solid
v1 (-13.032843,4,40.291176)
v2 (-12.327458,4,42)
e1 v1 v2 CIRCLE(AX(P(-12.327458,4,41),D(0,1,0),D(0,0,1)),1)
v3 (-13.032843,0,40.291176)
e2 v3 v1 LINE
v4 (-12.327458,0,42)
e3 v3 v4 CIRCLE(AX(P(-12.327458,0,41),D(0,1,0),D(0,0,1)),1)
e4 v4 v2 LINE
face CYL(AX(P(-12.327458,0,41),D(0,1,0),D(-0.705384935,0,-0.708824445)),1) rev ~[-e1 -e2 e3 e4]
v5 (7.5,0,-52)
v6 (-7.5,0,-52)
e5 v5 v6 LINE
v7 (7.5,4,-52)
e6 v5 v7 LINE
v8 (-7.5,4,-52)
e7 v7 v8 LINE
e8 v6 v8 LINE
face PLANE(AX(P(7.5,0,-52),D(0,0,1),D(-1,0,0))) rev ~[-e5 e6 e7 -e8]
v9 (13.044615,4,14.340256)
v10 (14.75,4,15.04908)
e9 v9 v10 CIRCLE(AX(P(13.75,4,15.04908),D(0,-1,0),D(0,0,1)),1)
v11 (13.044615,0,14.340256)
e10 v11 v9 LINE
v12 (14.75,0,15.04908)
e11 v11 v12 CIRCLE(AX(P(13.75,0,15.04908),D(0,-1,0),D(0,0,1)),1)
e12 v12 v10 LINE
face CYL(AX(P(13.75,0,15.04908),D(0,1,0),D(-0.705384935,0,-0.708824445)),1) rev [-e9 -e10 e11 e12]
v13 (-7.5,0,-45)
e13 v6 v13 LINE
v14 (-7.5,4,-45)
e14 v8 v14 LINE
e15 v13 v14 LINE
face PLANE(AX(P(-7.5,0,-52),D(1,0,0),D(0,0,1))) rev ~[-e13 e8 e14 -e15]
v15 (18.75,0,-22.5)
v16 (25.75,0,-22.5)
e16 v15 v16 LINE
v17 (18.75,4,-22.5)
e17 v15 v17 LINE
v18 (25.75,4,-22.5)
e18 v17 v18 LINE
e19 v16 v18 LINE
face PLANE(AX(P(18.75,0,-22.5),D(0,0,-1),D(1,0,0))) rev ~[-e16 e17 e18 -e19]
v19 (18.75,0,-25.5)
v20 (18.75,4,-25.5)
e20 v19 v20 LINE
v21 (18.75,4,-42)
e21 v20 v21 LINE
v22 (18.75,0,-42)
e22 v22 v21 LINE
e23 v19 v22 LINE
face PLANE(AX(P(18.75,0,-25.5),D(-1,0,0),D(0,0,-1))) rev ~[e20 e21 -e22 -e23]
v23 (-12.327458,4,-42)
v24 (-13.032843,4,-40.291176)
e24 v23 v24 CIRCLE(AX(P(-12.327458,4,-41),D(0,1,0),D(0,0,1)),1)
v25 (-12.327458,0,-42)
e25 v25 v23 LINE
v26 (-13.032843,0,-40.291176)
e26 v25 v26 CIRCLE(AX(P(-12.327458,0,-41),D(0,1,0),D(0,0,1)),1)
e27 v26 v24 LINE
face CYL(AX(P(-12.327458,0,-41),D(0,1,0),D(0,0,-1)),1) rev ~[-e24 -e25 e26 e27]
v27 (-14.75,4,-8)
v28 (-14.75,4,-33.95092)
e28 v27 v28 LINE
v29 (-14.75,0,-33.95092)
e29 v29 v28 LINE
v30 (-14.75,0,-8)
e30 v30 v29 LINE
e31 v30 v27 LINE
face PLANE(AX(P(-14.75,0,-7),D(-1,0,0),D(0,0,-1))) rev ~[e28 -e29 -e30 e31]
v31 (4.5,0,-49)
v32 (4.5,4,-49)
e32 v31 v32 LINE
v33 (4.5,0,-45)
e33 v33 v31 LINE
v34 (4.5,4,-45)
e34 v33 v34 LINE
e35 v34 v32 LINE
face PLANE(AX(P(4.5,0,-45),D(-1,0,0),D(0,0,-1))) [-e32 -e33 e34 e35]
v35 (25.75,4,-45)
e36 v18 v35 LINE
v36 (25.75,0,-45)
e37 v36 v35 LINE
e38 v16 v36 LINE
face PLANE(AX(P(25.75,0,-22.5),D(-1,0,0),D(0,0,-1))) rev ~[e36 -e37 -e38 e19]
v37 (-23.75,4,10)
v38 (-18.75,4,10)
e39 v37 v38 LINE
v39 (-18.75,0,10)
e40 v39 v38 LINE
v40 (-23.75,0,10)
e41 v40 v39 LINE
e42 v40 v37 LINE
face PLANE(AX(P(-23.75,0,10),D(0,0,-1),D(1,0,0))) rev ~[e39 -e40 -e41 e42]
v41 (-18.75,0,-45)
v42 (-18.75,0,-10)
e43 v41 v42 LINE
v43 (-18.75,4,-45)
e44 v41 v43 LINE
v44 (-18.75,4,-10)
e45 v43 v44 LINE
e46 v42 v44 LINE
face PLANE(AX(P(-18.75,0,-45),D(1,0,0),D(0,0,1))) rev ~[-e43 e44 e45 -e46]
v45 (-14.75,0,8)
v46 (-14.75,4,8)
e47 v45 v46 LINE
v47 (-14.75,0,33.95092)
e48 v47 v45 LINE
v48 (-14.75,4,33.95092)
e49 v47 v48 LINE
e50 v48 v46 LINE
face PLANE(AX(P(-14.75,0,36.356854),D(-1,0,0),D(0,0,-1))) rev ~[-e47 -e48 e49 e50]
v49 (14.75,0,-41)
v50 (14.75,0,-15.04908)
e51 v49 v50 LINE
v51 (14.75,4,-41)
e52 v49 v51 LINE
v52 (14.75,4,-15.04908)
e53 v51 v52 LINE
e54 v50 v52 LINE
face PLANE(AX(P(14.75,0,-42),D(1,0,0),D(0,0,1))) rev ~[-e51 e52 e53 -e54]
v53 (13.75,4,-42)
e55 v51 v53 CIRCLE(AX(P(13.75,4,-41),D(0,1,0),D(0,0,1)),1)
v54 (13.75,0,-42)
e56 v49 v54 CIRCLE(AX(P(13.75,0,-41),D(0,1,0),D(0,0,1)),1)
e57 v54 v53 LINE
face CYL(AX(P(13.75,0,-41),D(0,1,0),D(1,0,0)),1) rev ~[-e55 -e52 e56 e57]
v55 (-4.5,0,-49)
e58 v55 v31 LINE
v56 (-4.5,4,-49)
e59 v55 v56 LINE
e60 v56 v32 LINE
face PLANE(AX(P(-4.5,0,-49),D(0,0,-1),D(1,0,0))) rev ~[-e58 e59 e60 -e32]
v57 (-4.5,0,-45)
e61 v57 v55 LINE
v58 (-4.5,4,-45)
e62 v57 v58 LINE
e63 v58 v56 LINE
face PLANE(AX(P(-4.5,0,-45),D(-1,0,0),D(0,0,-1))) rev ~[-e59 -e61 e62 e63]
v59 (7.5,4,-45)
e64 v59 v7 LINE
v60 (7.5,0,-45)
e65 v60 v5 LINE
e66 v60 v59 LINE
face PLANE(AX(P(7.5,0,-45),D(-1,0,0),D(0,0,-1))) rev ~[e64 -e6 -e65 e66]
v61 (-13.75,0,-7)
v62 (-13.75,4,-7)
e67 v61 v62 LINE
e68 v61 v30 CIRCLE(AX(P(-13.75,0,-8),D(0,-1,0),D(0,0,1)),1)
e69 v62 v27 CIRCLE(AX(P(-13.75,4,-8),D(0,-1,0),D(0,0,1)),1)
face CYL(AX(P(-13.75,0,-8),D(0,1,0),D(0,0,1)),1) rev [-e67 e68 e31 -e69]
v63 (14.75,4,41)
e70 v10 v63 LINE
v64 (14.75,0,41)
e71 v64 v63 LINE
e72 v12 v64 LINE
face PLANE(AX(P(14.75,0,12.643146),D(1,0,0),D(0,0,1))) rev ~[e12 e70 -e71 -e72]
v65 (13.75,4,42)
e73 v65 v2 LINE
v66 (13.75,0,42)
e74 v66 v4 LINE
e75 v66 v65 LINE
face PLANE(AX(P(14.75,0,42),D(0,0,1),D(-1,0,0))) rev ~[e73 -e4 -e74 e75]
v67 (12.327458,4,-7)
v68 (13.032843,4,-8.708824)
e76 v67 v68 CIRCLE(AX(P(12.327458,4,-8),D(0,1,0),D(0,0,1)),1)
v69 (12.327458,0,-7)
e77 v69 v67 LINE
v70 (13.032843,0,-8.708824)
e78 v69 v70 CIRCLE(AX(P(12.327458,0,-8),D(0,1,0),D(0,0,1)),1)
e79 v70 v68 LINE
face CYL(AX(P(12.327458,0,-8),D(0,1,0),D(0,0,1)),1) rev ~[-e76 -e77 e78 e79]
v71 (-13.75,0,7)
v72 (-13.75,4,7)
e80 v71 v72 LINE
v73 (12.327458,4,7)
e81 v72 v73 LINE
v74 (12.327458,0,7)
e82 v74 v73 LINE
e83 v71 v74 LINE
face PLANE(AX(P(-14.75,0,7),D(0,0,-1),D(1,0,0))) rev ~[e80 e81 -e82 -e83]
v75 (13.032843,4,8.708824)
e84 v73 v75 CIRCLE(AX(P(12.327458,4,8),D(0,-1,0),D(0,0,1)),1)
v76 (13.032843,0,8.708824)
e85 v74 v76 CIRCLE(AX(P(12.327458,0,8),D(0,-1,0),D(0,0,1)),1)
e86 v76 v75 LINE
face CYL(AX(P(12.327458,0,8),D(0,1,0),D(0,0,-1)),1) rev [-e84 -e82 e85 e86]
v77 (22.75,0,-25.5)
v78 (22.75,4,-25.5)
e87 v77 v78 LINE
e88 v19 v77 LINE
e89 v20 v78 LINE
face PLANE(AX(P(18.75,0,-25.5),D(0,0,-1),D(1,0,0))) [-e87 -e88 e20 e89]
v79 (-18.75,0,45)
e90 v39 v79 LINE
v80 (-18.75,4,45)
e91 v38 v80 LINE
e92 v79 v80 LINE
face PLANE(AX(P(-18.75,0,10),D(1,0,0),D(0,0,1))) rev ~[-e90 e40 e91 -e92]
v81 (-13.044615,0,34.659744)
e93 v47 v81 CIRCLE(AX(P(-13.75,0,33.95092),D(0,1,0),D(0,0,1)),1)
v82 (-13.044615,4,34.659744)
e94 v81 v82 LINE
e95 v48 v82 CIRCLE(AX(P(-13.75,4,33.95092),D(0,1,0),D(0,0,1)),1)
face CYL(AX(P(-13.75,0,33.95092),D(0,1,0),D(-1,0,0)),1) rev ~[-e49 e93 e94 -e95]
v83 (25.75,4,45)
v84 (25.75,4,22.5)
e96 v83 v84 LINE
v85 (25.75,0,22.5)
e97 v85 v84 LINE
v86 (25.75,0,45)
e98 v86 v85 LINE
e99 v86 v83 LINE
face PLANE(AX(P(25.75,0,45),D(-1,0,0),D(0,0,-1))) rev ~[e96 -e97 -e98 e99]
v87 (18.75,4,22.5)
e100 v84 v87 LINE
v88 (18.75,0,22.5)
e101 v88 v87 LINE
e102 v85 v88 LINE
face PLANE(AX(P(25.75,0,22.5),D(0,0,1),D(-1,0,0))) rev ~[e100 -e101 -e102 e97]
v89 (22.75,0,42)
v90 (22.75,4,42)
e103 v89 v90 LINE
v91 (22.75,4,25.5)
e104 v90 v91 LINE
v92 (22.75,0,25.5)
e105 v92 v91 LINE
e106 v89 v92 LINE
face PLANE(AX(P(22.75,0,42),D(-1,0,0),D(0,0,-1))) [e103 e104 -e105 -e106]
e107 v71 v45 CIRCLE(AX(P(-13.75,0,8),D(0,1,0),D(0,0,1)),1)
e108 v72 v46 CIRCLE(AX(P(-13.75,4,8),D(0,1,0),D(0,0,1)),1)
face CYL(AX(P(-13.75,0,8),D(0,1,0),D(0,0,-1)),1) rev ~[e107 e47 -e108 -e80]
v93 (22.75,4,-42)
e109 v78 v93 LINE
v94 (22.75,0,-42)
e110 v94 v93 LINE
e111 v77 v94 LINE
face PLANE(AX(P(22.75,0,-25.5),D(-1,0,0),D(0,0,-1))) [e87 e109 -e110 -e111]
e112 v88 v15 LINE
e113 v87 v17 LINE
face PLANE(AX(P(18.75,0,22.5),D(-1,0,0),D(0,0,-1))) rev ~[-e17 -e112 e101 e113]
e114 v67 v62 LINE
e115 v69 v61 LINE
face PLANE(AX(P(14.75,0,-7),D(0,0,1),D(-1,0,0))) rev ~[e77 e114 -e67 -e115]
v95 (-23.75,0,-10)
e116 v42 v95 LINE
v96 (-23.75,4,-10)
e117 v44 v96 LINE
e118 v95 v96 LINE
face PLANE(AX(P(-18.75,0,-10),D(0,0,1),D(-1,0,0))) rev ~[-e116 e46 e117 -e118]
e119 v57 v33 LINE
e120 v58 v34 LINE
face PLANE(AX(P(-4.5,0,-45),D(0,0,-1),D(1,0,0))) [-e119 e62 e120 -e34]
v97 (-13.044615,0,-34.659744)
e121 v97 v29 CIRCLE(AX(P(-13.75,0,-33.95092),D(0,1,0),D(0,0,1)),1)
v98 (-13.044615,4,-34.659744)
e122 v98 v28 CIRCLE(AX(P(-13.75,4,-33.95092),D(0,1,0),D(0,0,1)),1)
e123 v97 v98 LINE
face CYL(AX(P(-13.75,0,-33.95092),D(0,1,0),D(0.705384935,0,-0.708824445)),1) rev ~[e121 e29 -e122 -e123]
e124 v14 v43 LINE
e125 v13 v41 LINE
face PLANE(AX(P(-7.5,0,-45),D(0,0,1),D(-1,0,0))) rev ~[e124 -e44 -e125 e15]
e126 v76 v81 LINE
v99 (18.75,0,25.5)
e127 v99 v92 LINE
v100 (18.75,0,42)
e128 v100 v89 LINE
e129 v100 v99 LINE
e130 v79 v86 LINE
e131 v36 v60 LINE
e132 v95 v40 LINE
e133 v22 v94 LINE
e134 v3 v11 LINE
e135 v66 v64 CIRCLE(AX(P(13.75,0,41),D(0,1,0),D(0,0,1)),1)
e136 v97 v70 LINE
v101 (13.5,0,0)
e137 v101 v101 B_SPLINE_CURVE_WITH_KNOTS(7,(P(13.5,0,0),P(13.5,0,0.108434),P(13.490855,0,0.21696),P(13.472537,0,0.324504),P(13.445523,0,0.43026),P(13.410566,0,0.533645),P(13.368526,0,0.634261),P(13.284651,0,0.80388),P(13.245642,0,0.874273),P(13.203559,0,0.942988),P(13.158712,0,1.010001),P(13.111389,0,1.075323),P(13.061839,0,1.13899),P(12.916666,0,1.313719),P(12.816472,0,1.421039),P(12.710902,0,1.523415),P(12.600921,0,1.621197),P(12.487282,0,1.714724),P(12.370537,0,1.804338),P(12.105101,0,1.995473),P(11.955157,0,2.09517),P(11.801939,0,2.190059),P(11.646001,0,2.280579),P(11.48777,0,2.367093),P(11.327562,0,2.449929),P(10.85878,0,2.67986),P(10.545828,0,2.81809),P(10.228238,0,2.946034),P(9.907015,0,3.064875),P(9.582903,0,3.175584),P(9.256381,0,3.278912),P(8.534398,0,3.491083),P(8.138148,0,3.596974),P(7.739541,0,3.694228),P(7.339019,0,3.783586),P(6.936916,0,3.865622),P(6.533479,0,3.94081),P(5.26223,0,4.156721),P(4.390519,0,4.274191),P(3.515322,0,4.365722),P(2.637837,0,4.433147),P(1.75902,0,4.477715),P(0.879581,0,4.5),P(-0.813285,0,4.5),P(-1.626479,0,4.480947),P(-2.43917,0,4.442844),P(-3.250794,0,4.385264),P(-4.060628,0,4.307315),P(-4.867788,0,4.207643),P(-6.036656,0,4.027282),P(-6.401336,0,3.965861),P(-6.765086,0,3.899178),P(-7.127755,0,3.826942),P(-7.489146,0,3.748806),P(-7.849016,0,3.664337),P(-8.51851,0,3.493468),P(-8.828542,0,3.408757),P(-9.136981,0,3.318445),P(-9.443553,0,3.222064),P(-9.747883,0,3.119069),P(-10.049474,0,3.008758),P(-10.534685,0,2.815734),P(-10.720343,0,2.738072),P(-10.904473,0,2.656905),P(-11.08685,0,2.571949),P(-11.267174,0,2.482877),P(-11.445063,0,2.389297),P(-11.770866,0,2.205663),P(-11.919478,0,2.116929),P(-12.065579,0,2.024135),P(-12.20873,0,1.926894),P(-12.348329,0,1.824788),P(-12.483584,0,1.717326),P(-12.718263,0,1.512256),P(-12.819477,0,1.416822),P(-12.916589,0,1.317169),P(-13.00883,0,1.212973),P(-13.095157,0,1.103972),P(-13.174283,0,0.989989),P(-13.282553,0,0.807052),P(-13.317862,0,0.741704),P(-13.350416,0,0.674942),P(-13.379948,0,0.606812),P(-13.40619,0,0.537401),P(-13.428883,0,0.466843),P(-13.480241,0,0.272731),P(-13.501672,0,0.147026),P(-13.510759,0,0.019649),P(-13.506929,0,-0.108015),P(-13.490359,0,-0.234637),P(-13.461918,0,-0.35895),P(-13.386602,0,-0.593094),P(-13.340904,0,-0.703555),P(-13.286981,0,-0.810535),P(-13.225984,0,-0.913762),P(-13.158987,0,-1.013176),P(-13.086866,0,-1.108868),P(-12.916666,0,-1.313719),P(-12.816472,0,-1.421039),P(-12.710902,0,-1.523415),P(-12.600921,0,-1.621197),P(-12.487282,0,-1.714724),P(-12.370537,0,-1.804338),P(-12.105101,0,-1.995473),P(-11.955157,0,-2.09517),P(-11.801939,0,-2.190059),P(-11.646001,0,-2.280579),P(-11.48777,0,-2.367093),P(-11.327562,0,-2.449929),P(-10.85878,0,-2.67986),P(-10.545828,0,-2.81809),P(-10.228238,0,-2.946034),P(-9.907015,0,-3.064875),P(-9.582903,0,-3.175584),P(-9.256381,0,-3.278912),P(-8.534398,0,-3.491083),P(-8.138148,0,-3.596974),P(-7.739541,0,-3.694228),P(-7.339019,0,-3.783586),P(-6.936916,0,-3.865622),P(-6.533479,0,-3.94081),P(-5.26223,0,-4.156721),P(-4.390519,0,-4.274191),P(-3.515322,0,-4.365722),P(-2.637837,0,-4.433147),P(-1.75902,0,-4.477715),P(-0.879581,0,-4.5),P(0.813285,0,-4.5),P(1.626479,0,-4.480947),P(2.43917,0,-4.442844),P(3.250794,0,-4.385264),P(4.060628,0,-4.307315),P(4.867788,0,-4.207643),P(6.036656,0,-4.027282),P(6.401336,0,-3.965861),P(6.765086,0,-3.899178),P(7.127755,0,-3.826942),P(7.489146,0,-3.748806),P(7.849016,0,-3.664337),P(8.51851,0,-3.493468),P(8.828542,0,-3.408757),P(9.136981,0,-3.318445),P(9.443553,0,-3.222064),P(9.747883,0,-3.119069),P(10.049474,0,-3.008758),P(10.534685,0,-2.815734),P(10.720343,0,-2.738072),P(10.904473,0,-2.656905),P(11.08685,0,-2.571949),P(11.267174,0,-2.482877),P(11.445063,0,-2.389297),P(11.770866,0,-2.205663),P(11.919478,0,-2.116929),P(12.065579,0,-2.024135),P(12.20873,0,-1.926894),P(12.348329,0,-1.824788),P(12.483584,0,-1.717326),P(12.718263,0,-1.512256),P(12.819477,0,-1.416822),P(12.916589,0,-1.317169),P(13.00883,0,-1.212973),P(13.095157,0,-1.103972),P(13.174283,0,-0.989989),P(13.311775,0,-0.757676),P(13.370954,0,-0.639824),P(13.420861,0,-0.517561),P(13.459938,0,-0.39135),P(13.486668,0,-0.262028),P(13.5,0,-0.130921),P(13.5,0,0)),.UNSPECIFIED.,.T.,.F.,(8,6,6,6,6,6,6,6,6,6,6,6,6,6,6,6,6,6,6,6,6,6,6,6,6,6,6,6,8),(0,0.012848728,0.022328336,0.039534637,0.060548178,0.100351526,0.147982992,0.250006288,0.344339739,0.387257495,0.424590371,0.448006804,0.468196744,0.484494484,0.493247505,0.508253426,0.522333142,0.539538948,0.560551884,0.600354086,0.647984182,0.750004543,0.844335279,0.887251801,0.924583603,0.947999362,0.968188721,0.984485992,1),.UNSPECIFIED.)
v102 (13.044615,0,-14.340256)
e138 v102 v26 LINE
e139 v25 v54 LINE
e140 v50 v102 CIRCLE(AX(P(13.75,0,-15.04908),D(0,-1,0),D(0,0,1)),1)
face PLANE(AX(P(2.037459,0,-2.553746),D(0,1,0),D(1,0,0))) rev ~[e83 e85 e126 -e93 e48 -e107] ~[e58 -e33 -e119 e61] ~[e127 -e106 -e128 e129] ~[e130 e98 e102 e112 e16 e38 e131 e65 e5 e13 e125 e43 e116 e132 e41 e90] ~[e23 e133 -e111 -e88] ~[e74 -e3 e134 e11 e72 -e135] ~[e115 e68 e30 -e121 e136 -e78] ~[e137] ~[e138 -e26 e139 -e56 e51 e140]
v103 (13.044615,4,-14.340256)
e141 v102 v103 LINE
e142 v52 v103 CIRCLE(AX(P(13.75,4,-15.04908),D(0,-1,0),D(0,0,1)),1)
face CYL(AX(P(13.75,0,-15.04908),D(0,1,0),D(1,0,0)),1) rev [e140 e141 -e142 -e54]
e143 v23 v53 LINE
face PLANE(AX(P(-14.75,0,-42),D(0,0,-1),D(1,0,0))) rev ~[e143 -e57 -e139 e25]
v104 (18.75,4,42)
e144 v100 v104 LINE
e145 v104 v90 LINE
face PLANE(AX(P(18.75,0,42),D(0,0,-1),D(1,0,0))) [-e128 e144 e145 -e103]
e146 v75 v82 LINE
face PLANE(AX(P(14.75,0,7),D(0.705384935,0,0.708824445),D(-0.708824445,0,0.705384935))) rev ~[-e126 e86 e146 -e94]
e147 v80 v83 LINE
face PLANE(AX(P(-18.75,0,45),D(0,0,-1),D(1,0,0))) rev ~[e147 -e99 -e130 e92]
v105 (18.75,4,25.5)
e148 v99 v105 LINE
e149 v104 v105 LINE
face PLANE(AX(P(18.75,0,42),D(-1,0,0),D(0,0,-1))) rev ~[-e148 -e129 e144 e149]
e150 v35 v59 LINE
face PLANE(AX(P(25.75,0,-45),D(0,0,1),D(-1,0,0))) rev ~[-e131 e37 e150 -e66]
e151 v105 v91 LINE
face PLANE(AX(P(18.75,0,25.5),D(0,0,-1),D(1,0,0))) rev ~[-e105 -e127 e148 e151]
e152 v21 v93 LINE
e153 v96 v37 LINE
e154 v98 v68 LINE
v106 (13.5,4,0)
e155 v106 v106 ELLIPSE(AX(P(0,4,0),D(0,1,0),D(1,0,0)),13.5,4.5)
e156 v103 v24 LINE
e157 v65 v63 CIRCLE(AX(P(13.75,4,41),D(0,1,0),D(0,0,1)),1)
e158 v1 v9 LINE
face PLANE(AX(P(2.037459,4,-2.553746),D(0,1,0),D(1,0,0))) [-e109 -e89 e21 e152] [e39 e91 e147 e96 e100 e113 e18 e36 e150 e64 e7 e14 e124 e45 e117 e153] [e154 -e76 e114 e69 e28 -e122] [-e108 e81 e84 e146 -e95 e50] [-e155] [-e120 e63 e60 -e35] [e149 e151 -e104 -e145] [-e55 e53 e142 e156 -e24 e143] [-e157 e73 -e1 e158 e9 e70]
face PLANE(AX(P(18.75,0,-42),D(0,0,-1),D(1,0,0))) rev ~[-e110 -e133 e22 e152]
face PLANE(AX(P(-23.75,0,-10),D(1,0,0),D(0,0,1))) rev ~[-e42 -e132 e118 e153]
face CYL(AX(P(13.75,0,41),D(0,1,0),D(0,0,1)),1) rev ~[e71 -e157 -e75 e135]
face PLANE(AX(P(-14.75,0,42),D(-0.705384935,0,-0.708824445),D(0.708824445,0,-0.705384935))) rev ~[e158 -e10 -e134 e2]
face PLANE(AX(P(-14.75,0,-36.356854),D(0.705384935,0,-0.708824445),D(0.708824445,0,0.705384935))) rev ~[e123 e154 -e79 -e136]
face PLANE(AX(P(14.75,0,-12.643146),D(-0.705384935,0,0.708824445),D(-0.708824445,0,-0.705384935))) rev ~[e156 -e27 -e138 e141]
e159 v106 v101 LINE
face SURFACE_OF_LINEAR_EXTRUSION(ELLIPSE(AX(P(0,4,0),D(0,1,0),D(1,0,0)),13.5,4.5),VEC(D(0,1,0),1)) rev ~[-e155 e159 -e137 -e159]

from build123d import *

# Parameters (mm, degrees)
SKETCH1_W           = 4
SKETCH1_H           = 16.5
SKETCH1_W_2         = 9
SKETCH1_H_2         = 4
BOSS_EXTRUDE1_DEPTH = 4
FILLET1_R           = 1
SKETCH2_RX          = 13.5
SKETCH2_RY          = 4.5
CUT_EXTRUDE1_DEPTH  = 59.164099752


with BuildPart() as part:
    # Sketch1 → Boss-Extrude1 (new body)
    with BuildSketch(Plane(origin=(0, 0, 0), x_dir=(1, 0, 0), z_dir=(0, 1, 0))):
        Polygon((-18.75, 45), (-18.75, 10), (-23.75, 10), (-23.75, -10), (-18.75, -10), (-18.75, -45), (25.75, -45), (25.75, -22.5), (18.75, -22.5), (18.75, 22.5), (25.75, 22.5), (25.75, 45), (7.5, 45), (7.5, 52), (-7.5, 52), (-7.5, 45), align=None)
        with Locations((20.75, 33.75)):
            Rectangle(SKETCH1_W, SKETCH1_H, mode=Mode.SUBTRACT)
        with Locations((20.75, -33.75)):
            Rectangle(SKETCH1_W, SKETCH1_H, mode=Mode.SUBTRACT)
        with Locations((0, 47)):
            Rectangle(SKETCH1_W_2, SKETCH1_H_2, mode=Mode.SUBTRACT)
        Polygon((-14.75, 7), (-14.75, 36.356853762), (14.75, 7), align=None, mode=Mode.SUBTRACT)
        Polygon((14.75, 12.643146238), (-14.75, 42), (14.75, 42), align=None, mode=Mode.SUBTRACT)
        Polygon((14.75, -7), (-14.75, -36.356853762), (-14.75, -7), align=None, mode=Mode.SUBTRACT)
        Polygon((14.75, -12.643146238), (14.75, -42), (-14.75, -42), align=None, mode=Mode.SUBTRACT)
    extrude(amount=BOSS_EXTRUDE1_DEPTH)

    # Fillet1
    fillet1_edges = [part.edges().sort_by_distance(p)[0] for p in [
        (-14.75, 2, 42),
        (14.75, 2, 42),
        (14.75, 2, 12.643146238),
        (-14.75, 2, 36.356853762),
        (14.75, 2, 7),
        (-14.75, 2, 7),
        (14.75, 2, -42),
        (-14.75, 2, -42),
        (14.75, 2, -12.643146238),
        (14.75, 2, -7),
        (-14.75, 2, -36.356853762),
        (-14.75, 2, -7),
    ]]
    fillet(fillet1_edges, radius=FILLET1_R)

    # Sketch2 → Cut-Extrude1 (cut, through all)
    with BuildSketch(Plane(origin=(0, 4, 0), x_dir=(1, 0, 0), z_dir=(0, 1, 0))):
        with Locations((0, 0)):
            Ellipse(SKETCH2_RX, SKETCH2_RY)
    extrude(amount=-CUT_EXTRUDE1_DEPTH, mode=Mode.SUBTRACT)


solid = part.part
